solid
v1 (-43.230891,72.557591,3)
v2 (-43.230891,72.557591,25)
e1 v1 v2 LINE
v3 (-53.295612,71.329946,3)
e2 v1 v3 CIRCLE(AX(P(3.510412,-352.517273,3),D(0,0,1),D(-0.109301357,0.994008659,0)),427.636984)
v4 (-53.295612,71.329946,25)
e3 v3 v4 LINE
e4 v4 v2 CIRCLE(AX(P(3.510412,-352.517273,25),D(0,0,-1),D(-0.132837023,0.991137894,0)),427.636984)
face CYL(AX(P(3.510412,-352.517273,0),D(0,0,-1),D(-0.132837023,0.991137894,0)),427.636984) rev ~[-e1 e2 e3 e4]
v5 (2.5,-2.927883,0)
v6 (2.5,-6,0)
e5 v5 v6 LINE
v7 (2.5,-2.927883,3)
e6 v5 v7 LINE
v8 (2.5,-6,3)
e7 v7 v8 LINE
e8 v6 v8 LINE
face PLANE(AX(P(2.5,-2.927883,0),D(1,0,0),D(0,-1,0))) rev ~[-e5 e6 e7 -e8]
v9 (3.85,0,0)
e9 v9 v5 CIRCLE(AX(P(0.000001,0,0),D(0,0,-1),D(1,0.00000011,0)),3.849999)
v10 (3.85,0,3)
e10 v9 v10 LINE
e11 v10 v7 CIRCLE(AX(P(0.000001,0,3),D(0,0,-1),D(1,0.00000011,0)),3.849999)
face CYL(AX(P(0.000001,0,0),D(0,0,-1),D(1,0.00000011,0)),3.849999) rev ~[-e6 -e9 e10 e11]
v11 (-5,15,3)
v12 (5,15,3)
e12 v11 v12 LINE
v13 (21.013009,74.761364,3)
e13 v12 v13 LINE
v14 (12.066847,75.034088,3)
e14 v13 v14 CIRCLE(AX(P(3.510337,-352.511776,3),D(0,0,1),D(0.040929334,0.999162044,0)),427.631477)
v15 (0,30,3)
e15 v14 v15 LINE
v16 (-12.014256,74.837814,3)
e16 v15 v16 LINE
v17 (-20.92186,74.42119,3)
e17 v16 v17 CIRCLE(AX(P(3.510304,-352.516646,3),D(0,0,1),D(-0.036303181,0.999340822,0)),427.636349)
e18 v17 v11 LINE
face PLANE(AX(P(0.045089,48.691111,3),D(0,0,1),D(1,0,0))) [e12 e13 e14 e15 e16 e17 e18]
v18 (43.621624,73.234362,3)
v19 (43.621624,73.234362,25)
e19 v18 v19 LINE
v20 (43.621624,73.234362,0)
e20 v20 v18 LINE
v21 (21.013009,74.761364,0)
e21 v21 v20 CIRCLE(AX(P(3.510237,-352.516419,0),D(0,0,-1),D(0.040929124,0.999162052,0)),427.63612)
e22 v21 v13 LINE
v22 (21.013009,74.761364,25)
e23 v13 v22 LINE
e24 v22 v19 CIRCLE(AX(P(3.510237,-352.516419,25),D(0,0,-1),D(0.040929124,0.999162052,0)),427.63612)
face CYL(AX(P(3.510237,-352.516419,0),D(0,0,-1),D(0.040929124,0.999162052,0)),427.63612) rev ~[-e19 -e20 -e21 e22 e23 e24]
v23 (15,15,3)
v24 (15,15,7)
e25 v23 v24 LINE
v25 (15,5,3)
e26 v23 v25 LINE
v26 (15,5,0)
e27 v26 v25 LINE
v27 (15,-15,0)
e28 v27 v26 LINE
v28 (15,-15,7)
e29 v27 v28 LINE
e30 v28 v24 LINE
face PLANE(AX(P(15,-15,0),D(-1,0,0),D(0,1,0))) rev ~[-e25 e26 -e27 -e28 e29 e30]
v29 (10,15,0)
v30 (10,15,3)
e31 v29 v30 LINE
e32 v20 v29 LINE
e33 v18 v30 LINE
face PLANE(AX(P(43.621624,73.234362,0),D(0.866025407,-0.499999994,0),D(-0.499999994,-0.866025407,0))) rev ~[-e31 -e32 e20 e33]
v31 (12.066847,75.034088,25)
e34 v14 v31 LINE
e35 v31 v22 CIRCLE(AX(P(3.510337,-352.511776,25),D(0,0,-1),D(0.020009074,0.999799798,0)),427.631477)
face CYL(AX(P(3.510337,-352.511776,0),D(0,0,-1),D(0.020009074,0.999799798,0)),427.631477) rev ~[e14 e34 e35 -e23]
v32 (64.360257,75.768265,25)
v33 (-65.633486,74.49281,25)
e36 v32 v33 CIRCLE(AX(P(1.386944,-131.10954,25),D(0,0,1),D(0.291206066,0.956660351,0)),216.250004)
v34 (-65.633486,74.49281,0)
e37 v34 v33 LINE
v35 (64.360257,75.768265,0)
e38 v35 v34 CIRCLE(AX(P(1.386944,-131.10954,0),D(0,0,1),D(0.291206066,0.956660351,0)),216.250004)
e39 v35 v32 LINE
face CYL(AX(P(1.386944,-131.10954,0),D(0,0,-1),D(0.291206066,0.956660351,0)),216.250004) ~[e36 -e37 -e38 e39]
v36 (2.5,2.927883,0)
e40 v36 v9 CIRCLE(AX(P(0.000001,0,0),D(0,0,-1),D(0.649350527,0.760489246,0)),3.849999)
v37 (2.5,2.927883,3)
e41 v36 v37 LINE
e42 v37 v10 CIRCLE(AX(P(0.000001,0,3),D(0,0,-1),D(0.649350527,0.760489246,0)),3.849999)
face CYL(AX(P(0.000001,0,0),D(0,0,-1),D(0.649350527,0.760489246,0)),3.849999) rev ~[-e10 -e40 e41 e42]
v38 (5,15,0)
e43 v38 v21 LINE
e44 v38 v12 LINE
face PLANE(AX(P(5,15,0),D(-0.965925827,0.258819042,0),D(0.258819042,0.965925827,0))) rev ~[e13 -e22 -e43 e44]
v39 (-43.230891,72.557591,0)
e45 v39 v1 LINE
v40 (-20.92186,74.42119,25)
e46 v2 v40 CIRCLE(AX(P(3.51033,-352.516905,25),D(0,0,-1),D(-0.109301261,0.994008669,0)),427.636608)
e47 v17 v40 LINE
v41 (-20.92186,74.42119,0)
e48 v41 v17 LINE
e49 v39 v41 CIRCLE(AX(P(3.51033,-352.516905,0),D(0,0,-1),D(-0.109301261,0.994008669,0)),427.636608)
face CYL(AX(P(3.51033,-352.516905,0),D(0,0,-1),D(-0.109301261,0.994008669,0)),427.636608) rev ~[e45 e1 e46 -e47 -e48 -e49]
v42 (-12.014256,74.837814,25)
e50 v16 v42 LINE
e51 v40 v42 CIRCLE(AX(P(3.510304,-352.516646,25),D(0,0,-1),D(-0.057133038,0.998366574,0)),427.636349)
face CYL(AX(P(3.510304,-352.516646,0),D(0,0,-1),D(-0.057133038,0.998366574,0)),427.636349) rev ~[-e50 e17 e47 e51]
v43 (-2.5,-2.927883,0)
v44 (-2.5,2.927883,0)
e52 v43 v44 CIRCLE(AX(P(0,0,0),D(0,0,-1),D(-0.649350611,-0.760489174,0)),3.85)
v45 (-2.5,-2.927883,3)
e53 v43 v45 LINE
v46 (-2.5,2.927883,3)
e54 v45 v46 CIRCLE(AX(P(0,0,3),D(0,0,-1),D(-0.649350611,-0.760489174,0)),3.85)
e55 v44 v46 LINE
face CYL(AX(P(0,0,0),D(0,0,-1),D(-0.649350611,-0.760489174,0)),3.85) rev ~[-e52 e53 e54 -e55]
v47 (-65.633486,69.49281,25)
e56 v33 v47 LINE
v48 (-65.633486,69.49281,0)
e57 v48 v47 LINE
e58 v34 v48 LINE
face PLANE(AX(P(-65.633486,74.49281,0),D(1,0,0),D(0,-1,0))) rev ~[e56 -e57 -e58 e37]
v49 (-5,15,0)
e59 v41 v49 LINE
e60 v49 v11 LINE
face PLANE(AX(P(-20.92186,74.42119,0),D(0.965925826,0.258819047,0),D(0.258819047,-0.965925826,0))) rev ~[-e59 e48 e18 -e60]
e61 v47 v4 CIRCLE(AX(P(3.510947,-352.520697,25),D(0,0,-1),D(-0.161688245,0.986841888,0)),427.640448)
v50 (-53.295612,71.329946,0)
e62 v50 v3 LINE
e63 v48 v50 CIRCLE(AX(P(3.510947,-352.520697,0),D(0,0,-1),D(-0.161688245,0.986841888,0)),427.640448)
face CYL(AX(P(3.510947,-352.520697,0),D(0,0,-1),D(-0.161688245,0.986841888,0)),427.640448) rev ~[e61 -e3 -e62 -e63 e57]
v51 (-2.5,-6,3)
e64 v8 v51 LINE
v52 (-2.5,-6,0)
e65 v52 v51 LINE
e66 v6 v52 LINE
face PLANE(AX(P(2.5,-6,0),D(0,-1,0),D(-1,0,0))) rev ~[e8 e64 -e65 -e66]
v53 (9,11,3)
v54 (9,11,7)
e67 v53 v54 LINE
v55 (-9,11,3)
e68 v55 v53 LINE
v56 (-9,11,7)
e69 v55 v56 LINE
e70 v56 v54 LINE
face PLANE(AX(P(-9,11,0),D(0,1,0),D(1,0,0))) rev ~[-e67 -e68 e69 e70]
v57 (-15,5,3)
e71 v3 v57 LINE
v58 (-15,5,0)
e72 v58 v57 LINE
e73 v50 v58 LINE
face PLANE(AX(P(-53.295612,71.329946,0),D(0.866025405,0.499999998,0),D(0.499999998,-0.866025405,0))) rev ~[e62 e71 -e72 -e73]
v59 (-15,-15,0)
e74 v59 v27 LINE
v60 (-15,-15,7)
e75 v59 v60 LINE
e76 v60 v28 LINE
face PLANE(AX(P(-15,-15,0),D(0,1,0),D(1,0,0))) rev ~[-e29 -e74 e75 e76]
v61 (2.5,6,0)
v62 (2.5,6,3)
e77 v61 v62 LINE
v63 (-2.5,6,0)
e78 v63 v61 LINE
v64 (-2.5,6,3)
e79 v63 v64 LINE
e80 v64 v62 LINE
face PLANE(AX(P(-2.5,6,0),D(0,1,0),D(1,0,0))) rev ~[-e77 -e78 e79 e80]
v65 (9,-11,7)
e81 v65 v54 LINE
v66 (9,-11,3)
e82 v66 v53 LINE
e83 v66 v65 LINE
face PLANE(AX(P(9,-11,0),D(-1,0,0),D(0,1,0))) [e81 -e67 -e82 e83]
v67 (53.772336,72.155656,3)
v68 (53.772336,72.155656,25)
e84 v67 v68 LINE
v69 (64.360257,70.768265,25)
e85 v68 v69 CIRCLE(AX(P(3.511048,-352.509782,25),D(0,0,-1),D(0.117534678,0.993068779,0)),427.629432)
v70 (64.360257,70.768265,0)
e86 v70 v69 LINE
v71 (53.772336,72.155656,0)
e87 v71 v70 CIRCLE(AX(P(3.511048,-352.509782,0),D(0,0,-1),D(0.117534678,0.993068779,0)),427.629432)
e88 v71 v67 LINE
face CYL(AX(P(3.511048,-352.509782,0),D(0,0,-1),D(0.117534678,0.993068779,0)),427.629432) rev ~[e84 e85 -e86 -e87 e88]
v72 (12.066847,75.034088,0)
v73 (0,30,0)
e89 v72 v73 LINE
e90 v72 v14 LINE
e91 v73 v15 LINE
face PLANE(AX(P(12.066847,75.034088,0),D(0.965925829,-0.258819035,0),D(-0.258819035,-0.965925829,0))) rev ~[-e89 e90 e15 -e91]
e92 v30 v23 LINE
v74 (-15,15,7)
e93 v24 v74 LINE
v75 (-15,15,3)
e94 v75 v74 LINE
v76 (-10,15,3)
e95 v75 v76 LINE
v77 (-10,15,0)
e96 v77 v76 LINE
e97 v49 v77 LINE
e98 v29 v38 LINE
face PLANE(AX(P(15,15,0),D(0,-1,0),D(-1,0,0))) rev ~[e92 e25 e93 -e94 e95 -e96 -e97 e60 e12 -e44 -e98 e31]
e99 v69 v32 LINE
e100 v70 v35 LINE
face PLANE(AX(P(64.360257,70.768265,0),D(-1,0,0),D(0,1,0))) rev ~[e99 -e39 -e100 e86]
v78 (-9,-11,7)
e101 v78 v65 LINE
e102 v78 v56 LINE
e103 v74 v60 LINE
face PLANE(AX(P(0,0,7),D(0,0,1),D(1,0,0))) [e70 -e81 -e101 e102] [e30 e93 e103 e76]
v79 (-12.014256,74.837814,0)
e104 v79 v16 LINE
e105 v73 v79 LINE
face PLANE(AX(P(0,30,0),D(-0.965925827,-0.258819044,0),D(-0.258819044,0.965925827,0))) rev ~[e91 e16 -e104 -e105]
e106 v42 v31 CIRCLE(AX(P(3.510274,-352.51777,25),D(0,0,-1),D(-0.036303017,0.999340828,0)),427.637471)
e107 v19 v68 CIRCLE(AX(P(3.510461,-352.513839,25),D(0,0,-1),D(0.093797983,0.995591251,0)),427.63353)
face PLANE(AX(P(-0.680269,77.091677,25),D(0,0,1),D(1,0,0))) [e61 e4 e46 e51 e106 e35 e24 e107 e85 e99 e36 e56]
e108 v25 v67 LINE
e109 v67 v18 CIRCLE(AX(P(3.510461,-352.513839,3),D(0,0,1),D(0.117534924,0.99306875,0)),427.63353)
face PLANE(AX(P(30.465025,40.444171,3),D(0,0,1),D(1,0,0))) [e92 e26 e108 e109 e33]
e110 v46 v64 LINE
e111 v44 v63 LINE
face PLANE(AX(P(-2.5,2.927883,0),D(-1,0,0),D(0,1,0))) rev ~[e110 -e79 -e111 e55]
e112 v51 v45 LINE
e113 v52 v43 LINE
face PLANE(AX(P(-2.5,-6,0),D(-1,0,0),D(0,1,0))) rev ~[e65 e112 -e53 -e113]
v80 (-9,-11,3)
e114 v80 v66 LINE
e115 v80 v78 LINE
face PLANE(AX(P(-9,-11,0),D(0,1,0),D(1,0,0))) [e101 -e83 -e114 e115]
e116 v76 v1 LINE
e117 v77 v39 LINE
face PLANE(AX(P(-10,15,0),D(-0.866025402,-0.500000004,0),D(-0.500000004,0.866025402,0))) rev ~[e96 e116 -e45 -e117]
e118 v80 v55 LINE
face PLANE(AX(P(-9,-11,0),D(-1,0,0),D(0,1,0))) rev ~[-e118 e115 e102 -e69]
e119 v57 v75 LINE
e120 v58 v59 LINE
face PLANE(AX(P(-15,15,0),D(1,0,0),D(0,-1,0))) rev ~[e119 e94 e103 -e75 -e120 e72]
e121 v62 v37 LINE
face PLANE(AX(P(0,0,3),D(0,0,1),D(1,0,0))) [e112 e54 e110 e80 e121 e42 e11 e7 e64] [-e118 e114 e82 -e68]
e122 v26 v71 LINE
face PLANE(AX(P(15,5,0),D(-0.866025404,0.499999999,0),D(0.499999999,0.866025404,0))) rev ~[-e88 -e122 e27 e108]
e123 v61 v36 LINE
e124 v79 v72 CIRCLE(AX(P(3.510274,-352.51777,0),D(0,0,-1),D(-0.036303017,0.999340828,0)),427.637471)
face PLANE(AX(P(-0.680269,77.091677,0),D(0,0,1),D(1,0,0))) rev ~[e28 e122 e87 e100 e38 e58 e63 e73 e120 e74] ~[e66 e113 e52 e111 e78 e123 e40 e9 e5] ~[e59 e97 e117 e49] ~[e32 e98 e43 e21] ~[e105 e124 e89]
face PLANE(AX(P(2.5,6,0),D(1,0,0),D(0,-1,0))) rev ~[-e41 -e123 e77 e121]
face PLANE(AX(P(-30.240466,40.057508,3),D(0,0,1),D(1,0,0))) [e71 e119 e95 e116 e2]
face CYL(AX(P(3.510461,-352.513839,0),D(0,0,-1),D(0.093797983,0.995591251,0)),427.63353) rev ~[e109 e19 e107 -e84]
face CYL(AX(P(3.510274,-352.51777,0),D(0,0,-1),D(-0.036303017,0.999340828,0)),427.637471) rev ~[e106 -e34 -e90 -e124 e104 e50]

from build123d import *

# Parameters (mm, degrees)
F0_W     = 18
F0_H     = 22
F1_DEPTH = 7
F2_DEPTH = 3
F3_DEPTH = 3
F4_DEPTH = 25


with BuildPart() as f1:
    # F0 (on Top) → F1 (new body)
    with BuildSketch(Plane.XY):
        Polygon((15, 5), (15, 15), (10, 15), (5, 15), (-5, 15), (-10, 15), (-15, 15), (-15, 5), (-15, -15), (15, -15), align=None)
        Rectangle(F0_W, F0_H, mode=Mode.SUBTRACT)
    extrude(amount=F1_DEPTH)

    # F0 (on Top) → F2 (join)
    with BuildSketch(Plane.XY):
        Rectangle(F0_W, F0_H)
        with BuildLine():
            ThreePointArc((2.5, 2.927883), (3.496248, 1.612064), (3.85, 0))
            ThreePointArc((3.85, 0), (3.496248, -1.612064), (2.5, -2.927883))
            Line((2.5, -2.927883), (2.5, -6))
            Line((2.5, -6), (-2.5, -6))
            Line((-2.5, -6), (-2.5, -2.927883))
            ThreePointArc((-2.5, -2.927883), (-3.85, 0), (-2.5, 2.927883))
            Line((-2.5, 2.927883), (-2.5, 6))
            Line((-2.5, 6), (2.5, 6))
            Line((2.5, 6), (2.5, 2.927883))
        make_face(mode=Mode.SUBTRACT)
    extrude(amount=F2_DEPTH)

    # F0 (on Top) → F3 (join)
    with BuildSketch(Plane.XY):
        with BuildLine():
            Line((-15, 15), (-10, 15))
            Line((-10, 15), (-43.230891, 72.557591))
            ThreePointArc((-43.230891, 72.557591), (-48.26689, 71.973599), (-53.295612, 71.329946))
            Line((-53.295612, 71.329946), (-15, 5))
            Line((-15, 5), (-15, 15))
        make_face()
        with BuildLine():
            Line((-5, 15), (5, 15))
            Line((5, 15), (21.013009, 74.761364))
            ThreePointArc((21.013009, 74.761364), (16.540642, 74.921132), (12.066847, 75.034088))
            Line((12.066847, 75.034088), (0, 30))
            Line((0, 30), (-12.014256, 74.837814))
            ThreePointArc((-12.014256, 74.837814), (-16.469144, 74.652721), (-20.92186, 74.42119))
            Line((-20.92186, 74.42119), (-5, 15))
        make_face()
        with BuildLine():
            Line((10, 15), (15, 15))
            Line((15, 15), (15, 5))
            Line((15, 5), (53.772336, 72.155656))
            ThreePointArc((53.772336, 72.155656), (48.700199, 72.725298), (43.621624, 73.234362))
            Line((43.621624, 73.234362), (10, 15))
        make_face()
    extrude(amount=F3_DEPTH)

    # F0 (on Top) → F4 (join)
    with BuildSketch(Plane.XY):
        with BuildLine():
            ThreePointArc((21.013009, 74.761364), (32.327433, 74.147641), (43.621624, 73.234362))
            ThreePointArc((43.621624, 73.234362), (48.700199, 72.725298), (53.772336, 72.155656))
            ThreePointArc((53.772336, 72.155656), (59.070627, 71.495011), (64.360257, 70.768265))
            Line((64.360257, 70.768265), (64.360257, 75.768265))
            ThreePointArc((64.360257, 75.768265), (-0.734726, 85.130056), (-65.633486, 74.49281))
            Line((-65.633486, 74.49281), (-65.633486, 69.49281))
            ThreePointArc((-65.633486, 69.49281), (-59.471248, 70.456366), (-53.295612, 71.329946))
            ThreePointArc((-53.295612, 71.329946), (-48.26689, 71.973599), (-43.230891, 72.557591))
            ThreePointArc((-43.230891, 72.557591), (-32.088572, 73.6354), (-20.92186, 74.42119))
            ThreePointArc((-20.92186, 74.42119), (-16.469144, 74.652721), (-12.014256, 74.837814))
            ThreePointArc((-12.014256, 74.837814), (0.024914, 75.105497), (12.066847, 75.034088))
            ThreePointArc((12.066847, 75.034088), (16.540642, 74.921132), (21.013009, 74.761364))
        make_face()
    extrude(amount=F4_DEPTH)


solid = f1.part
